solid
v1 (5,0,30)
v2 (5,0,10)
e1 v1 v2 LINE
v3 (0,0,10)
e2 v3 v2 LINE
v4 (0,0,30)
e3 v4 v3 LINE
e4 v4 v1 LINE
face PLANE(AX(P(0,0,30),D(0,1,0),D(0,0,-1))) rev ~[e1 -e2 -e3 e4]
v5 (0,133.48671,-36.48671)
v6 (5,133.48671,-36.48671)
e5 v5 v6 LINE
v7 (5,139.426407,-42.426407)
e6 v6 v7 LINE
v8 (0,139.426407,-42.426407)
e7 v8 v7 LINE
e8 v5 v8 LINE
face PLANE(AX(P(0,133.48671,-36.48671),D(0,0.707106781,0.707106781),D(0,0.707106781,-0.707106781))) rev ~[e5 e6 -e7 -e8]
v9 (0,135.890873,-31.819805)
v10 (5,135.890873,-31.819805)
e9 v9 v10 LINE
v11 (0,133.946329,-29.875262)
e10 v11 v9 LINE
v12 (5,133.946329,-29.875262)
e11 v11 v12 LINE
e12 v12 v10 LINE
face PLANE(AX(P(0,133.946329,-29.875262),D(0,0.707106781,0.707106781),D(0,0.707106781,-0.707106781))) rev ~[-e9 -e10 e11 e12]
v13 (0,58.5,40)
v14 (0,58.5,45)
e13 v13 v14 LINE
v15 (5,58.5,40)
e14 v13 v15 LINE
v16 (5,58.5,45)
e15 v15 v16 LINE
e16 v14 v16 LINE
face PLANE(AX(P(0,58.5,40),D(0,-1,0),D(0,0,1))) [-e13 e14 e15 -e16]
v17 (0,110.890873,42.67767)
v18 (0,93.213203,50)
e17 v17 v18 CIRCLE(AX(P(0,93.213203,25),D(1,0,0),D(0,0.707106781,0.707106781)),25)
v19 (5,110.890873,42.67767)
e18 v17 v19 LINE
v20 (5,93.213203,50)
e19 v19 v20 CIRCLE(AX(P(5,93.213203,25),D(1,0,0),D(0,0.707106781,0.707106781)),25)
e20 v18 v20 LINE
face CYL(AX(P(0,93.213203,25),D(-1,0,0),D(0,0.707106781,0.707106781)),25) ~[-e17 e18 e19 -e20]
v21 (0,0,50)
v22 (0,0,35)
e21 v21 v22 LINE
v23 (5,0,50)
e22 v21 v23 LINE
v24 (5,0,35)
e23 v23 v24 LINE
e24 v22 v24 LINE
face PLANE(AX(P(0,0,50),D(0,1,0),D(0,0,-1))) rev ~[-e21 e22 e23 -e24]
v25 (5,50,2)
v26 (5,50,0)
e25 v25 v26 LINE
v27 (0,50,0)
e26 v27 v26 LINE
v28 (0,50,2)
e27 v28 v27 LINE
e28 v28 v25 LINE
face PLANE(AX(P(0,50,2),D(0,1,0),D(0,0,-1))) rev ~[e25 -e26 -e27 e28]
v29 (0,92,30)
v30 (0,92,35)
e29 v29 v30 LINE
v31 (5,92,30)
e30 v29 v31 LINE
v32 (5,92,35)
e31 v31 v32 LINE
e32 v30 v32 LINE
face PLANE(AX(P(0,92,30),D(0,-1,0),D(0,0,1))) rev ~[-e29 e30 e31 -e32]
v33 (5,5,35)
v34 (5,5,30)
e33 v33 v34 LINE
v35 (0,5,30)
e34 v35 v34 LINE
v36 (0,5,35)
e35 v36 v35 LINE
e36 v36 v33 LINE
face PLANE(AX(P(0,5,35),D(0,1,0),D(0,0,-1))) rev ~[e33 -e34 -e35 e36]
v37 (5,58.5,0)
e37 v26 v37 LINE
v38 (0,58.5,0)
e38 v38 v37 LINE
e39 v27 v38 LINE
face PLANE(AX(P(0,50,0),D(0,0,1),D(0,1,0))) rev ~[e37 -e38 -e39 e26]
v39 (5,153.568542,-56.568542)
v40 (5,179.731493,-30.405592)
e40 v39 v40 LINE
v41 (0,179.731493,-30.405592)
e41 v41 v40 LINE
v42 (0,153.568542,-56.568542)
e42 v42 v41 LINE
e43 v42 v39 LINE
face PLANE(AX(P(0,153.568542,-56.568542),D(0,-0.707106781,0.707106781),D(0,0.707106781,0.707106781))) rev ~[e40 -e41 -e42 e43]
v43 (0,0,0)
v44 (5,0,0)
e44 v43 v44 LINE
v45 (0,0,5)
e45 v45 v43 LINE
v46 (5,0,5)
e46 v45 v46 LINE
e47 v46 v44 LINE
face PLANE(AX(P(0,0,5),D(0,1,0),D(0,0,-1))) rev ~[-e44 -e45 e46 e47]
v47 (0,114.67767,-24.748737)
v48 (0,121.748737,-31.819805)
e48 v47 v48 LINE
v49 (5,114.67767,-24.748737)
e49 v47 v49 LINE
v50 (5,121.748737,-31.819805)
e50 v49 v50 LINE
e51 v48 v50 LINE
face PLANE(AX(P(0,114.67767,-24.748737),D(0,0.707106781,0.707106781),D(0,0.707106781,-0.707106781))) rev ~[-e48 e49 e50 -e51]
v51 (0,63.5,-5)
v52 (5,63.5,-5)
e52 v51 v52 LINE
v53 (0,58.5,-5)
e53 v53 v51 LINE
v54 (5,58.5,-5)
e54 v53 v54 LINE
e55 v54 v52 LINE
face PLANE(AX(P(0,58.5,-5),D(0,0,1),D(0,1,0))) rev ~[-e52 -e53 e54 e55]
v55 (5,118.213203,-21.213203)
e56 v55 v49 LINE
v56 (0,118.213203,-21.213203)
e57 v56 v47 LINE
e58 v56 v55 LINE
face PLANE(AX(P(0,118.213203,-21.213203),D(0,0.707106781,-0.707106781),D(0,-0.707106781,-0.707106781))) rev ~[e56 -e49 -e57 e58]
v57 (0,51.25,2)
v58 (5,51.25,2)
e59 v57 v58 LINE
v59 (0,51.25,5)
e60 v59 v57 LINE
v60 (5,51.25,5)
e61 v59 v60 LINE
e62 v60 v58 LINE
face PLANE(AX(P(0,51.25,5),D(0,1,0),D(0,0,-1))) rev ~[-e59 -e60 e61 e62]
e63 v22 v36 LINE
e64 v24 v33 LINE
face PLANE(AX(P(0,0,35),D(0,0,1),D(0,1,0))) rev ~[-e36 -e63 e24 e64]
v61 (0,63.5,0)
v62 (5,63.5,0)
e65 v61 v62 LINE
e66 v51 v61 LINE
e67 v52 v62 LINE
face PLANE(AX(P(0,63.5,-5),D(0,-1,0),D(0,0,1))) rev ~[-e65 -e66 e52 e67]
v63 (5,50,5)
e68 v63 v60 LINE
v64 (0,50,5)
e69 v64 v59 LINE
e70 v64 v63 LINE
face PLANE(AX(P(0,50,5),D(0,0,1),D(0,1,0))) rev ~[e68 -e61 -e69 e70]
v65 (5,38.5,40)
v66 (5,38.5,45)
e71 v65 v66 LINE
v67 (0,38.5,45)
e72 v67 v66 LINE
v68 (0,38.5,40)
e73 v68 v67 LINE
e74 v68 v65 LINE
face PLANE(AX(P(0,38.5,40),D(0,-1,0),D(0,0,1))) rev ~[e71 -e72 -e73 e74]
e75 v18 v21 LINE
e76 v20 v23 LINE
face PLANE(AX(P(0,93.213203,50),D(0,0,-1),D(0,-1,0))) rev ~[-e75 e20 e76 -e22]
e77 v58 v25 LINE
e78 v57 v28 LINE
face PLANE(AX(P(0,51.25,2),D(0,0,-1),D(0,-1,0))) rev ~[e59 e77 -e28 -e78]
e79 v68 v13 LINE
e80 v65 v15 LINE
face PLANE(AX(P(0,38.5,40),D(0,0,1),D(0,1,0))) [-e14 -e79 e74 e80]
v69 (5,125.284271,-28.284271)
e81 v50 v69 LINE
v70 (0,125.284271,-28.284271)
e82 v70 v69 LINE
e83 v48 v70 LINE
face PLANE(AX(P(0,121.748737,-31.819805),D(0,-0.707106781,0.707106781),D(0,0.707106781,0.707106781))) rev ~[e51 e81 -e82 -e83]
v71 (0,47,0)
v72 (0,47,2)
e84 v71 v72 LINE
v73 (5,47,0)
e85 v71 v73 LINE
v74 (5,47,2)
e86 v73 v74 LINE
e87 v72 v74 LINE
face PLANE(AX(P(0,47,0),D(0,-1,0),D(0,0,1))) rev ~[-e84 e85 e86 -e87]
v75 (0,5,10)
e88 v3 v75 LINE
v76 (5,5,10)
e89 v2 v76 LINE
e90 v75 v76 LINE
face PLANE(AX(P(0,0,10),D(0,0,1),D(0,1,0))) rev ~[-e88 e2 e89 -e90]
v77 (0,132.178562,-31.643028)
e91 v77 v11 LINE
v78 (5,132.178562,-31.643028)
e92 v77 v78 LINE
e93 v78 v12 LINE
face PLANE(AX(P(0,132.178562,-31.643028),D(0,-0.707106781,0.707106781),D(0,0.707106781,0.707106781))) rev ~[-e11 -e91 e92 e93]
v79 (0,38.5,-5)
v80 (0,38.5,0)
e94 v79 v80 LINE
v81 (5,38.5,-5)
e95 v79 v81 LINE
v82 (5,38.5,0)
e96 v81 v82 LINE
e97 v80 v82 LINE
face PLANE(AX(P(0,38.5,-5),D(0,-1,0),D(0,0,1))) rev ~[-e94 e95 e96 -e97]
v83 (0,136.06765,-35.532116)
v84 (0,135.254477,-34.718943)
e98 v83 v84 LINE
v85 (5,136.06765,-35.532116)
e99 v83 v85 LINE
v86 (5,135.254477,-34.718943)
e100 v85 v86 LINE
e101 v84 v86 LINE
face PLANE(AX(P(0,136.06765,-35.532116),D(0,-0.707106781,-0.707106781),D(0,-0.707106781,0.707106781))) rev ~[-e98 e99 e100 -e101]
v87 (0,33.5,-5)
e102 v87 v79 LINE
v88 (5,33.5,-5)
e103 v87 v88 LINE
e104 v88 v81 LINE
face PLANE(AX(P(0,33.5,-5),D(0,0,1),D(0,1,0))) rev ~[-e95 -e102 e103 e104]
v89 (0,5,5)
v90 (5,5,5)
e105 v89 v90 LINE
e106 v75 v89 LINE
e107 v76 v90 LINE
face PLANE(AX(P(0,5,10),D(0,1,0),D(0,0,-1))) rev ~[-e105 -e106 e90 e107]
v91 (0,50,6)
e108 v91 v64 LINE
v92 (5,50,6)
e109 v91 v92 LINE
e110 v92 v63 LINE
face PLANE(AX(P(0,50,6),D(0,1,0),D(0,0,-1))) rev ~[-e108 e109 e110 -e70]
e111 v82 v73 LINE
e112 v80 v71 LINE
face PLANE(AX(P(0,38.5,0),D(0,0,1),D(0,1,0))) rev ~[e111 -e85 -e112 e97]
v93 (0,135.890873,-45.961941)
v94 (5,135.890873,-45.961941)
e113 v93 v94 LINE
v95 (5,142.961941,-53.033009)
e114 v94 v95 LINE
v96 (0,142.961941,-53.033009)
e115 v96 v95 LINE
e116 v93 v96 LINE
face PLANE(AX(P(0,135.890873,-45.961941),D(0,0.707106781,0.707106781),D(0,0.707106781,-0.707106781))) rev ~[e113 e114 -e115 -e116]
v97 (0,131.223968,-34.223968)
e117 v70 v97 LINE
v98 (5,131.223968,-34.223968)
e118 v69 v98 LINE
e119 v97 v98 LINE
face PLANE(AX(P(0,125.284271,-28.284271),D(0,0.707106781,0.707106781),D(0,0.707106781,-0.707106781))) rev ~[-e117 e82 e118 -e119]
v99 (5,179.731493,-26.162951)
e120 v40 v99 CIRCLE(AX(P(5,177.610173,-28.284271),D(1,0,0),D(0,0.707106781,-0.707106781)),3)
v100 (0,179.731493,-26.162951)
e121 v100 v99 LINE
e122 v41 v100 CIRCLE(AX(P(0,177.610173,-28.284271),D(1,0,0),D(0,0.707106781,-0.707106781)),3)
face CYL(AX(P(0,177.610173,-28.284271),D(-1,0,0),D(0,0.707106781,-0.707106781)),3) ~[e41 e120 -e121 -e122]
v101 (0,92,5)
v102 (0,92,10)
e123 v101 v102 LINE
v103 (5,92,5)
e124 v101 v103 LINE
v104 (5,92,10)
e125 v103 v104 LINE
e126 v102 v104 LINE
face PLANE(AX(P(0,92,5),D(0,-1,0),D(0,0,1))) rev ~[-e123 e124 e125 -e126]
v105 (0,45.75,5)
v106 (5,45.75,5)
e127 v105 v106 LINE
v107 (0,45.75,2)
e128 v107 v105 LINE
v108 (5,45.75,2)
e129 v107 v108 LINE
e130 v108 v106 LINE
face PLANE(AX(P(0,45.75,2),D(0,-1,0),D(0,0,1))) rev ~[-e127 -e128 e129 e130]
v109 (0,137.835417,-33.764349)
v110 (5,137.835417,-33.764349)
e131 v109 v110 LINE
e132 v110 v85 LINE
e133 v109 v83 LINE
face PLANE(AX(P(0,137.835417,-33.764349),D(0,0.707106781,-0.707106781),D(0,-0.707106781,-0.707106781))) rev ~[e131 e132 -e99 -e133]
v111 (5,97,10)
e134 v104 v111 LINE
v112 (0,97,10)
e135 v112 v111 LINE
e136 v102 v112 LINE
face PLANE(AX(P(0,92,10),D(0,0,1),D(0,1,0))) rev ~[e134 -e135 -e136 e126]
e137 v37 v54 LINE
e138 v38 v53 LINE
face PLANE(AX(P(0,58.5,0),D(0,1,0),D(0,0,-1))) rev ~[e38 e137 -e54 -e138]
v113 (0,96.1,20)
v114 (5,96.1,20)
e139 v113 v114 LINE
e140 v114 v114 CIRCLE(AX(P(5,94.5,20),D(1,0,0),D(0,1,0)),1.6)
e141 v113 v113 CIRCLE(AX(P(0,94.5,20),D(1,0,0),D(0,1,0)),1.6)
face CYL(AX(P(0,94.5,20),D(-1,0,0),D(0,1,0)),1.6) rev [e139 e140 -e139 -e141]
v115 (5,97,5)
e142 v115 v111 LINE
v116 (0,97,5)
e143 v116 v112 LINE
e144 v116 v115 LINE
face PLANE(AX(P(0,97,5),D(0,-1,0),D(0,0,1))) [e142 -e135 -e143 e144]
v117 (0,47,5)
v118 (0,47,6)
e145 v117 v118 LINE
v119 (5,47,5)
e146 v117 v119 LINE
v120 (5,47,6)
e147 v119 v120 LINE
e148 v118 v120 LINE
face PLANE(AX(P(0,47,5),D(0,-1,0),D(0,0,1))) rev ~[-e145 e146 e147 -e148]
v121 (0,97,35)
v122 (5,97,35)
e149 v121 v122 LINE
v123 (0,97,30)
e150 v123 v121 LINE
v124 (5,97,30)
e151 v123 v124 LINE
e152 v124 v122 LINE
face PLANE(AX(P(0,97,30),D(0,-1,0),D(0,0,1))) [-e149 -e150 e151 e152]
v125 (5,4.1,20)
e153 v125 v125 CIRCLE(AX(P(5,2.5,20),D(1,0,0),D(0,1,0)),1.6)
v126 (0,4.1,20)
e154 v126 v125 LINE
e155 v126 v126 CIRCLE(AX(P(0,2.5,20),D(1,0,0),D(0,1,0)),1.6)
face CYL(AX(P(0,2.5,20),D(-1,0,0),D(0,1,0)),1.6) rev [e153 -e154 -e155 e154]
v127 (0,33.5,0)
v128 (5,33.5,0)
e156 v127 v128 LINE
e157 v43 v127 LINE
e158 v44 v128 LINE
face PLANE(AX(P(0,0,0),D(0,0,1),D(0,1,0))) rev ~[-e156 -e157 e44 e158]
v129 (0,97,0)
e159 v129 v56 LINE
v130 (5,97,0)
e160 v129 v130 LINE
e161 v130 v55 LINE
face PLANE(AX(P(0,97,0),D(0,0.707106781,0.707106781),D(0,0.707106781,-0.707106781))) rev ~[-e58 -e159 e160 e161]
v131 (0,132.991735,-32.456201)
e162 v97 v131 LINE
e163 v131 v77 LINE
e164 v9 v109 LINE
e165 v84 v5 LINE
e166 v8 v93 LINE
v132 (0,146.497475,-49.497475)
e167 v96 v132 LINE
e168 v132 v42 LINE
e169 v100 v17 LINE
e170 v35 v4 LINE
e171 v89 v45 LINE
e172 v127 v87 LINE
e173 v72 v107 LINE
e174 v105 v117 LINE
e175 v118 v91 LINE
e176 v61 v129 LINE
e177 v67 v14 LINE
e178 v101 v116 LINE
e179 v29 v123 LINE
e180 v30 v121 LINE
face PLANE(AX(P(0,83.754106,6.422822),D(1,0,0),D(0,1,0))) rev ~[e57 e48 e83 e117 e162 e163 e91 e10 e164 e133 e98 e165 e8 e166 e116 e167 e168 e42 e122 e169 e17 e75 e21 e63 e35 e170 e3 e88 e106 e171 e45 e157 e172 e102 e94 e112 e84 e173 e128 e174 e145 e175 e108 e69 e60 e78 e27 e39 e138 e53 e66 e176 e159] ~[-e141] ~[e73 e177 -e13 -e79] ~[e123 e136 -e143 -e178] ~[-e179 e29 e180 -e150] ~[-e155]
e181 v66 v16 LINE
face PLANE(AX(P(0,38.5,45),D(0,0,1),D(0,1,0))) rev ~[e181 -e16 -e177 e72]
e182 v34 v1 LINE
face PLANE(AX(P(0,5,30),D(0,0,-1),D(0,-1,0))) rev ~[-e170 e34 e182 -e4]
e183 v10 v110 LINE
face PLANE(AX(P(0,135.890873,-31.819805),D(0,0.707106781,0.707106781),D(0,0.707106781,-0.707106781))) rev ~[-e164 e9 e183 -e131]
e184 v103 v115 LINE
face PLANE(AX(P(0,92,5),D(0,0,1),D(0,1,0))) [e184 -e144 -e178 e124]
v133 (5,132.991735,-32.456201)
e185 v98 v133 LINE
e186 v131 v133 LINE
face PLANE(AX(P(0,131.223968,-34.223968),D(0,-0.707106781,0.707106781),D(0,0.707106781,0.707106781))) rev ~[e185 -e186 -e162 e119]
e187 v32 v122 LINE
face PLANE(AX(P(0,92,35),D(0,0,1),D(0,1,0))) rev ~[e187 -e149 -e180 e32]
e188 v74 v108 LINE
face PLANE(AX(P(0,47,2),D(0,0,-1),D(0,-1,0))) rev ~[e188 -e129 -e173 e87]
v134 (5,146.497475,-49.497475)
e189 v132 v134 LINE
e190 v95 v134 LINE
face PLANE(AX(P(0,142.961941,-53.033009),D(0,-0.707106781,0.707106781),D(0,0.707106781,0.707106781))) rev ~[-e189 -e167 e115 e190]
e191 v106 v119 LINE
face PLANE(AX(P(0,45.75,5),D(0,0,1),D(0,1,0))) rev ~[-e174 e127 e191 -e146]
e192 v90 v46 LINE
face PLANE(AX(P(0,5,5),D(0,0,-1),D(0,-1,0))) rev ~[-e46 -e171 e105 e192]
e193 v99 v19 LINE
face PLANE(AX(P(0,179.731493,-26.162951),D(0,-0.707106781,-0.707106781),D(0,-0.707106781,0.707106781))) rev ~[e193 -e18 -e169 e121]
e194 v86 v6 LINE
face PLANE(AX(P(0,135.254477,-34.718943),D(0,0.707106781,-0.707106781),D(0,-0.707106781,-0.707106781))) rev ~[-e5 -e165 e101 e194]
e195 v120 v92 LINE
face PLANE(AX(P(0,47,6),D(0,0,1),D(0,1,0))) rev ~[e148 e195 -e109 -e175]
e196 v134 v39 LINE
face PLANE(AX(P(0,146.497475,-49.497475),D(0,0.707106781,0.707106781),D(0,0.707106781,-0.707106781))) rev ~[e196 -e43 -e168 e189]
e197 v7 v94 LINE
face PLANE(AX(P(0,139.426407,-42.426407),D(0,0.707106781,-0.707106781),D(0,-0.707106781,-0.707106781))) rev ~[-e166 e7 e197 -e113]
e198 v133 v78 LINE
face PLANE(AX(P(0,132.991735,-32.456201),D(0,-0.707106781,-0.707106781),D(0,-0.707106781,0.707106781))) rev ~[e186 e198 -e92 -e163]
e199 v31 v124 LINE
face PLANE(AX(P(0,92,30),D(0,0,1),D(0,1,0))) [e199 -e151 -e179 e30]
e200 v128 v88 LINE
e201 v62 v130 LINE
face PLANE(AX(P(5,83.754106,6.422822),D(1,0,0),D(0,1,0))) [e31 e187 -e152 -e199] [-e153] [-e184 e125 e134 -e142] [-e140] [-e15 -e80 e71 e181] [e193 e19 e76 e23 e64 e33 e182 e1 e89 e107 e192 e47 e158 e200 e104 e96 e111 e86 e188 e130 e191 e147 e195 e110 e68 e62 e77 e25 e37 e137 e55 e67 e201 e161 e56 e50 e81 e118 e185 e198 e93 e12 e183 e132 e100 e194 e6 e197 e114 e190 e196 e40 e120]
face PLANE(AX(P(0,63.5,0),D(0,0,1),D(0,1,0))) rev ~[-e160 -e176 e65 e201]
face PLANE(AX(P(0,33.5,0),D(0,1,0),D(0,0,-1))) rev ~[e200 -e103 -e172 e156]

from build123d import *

# Parameters (mm, degrees)
F1_R     = 1.6
F1_W     = 20
F1_H     = 5
F1_W_2   = 5
F2_DEPTH = 5


with BuildPart() as f2:
    # F1 (on Right) → F2 (new body)
    with BuildSketch(Plane.YZ):
        with BuildLine():
            Line((0, 5), (0, 0))
            Line((0, 0), (33.5, 0))
            Line((33.5, 0), (33.5, -5))
            Line((33.5, -5), (38.5, -5))
            Line((38.5, -5), (38.5, 0))
            Line((38.5, 0), (47, 0))
            Line((47, 0), (47, 2))
            Line((47, 2), (45.75, 2))
            Line((45.75, 2), (45.75, 5))
            Line((45.75, 5), (47, 5))
            Line((47, 5), (47, 6))
            Line((47, 6), (50, 6))
            Line((50, 6), (50, 5))
            Line((50, 5), (51.25, 5))
            Line((51.25, 5), (51.25, 2))
            Line((51.25, 2), (50, 2))
            Line((50, 2), (50, 0))
            Line((50, 0), (58.5, 0))
            Line((58.5, 0), (58.5, -5))
            Line((58.5, -5), (63.5, -5))
            Line((63.5, -5), (63.5, 0))
            Line((63.5, 0), (97, 0))
            Line((97, 0), (118.2132034356, -21.2132034356))
            Line((118.2132034356, -21.2132034356), (125.2842712475, -28.2842712475))
            Line((125.2842712475, -28.2842712475), (131.2239682094, -34.2239682094))
            Line((131.2239682094, -34.2239682094), (132.9917351624, -32.4562012565))
            Line((132.9917351624, -32.4562012565), (132.178562364, -31.6430284581))
            Line((132.178562364, -31.6430284581), (133.946329317, -29.8752615051))
            Line((133.946329317, -29.8752615051), (135.8908729653, -31.8198051534))
            Line((135.8908729653, -31.8198051534), (137.8354166135, -33.7643488017))
            Line((137.8354166135, -33.7643488017), (136.0676496606, -35.5321157546))
            Line((136.0676496606, -35.5321157546), (135.2544768622, -34.7189429563))
            Line((135.2544768622, -34.7189429563), (133.4867099092, -36.4867099092))
            Line((133.4867099092, -36.4867099092), (139.4264068712, -42.4264068712))
            Line((139.4264068712, -42.4264068712), (146.4974746831, -49.4974746831))
            Line((146.4974746831, -49.4974746831), (153.5685424949, -56.5685424949))
            Line((153.5685424949, -56.5685424949), (179.7314933988, -30.405591591))
            ThreePointArc((179.7314933988, -30.405591591), (180.6101730553, -28.2842712475), (179.7314933988, -26.1629509039))
            Line((179.7314933988, -26.1629509039), (110.8908729653, 42.6776695297))
            ThreePointArc((110.8908729653, 42.6776695297), (102.7802892447, 48.0969883128), (93.2132034356, 50))
            Line((93.2132034356, 50), (0, 50))
            Line((0, 50), (0, 40))
            Line((0, 40), (0, 35))
            Line((0, 35), (5, 35))
            Line((5, 35), (5, 30))
            Line((5, 30), (0, 30))
            Line((0, 30), (0, 10))
            Line((0, 10), (5, 10))
            Line((5, 10), (5, 5))
            Line((5, 5), (0, 5))
        make_face()
        with Locations((2.5, 20)):
            Circle(F1_R, mode=Mode.SUBTRACT)
        with Locations((48.5, 42.5)):
            Rectangle(F1_W, F1_H, mode=Mode.SUBTRACT)
        with Locations((94.5, 7.5)):
            Rectangle(F1_W_2, F1_H, mode=Mode.SUBTRACT)
        with Locations((94.5, 20)):
            Circle(F1_R, mode=Mode.SUBTRACT)
        with Locations((94.5, 32.5)):
            Rectangle(F1_W_2, F1_H, mode=Mode.SUBTRACT)
        Polygon((142.9619407771, -53.033008589), (146.4974746831, -49.4974746831), (139.4264068712, -42.4264068712), (135.8908729653, -45.9619407771), align=None)
        Polygon((125.2842712475, -28.2842712475), (118.2132034356, -21.2132034356), (114.6776695297, -24.7487373415), (121.7487373415, -31.8198051534), align=None)
    extrude(amount=F2_DEPTH)


solid = f2.part
